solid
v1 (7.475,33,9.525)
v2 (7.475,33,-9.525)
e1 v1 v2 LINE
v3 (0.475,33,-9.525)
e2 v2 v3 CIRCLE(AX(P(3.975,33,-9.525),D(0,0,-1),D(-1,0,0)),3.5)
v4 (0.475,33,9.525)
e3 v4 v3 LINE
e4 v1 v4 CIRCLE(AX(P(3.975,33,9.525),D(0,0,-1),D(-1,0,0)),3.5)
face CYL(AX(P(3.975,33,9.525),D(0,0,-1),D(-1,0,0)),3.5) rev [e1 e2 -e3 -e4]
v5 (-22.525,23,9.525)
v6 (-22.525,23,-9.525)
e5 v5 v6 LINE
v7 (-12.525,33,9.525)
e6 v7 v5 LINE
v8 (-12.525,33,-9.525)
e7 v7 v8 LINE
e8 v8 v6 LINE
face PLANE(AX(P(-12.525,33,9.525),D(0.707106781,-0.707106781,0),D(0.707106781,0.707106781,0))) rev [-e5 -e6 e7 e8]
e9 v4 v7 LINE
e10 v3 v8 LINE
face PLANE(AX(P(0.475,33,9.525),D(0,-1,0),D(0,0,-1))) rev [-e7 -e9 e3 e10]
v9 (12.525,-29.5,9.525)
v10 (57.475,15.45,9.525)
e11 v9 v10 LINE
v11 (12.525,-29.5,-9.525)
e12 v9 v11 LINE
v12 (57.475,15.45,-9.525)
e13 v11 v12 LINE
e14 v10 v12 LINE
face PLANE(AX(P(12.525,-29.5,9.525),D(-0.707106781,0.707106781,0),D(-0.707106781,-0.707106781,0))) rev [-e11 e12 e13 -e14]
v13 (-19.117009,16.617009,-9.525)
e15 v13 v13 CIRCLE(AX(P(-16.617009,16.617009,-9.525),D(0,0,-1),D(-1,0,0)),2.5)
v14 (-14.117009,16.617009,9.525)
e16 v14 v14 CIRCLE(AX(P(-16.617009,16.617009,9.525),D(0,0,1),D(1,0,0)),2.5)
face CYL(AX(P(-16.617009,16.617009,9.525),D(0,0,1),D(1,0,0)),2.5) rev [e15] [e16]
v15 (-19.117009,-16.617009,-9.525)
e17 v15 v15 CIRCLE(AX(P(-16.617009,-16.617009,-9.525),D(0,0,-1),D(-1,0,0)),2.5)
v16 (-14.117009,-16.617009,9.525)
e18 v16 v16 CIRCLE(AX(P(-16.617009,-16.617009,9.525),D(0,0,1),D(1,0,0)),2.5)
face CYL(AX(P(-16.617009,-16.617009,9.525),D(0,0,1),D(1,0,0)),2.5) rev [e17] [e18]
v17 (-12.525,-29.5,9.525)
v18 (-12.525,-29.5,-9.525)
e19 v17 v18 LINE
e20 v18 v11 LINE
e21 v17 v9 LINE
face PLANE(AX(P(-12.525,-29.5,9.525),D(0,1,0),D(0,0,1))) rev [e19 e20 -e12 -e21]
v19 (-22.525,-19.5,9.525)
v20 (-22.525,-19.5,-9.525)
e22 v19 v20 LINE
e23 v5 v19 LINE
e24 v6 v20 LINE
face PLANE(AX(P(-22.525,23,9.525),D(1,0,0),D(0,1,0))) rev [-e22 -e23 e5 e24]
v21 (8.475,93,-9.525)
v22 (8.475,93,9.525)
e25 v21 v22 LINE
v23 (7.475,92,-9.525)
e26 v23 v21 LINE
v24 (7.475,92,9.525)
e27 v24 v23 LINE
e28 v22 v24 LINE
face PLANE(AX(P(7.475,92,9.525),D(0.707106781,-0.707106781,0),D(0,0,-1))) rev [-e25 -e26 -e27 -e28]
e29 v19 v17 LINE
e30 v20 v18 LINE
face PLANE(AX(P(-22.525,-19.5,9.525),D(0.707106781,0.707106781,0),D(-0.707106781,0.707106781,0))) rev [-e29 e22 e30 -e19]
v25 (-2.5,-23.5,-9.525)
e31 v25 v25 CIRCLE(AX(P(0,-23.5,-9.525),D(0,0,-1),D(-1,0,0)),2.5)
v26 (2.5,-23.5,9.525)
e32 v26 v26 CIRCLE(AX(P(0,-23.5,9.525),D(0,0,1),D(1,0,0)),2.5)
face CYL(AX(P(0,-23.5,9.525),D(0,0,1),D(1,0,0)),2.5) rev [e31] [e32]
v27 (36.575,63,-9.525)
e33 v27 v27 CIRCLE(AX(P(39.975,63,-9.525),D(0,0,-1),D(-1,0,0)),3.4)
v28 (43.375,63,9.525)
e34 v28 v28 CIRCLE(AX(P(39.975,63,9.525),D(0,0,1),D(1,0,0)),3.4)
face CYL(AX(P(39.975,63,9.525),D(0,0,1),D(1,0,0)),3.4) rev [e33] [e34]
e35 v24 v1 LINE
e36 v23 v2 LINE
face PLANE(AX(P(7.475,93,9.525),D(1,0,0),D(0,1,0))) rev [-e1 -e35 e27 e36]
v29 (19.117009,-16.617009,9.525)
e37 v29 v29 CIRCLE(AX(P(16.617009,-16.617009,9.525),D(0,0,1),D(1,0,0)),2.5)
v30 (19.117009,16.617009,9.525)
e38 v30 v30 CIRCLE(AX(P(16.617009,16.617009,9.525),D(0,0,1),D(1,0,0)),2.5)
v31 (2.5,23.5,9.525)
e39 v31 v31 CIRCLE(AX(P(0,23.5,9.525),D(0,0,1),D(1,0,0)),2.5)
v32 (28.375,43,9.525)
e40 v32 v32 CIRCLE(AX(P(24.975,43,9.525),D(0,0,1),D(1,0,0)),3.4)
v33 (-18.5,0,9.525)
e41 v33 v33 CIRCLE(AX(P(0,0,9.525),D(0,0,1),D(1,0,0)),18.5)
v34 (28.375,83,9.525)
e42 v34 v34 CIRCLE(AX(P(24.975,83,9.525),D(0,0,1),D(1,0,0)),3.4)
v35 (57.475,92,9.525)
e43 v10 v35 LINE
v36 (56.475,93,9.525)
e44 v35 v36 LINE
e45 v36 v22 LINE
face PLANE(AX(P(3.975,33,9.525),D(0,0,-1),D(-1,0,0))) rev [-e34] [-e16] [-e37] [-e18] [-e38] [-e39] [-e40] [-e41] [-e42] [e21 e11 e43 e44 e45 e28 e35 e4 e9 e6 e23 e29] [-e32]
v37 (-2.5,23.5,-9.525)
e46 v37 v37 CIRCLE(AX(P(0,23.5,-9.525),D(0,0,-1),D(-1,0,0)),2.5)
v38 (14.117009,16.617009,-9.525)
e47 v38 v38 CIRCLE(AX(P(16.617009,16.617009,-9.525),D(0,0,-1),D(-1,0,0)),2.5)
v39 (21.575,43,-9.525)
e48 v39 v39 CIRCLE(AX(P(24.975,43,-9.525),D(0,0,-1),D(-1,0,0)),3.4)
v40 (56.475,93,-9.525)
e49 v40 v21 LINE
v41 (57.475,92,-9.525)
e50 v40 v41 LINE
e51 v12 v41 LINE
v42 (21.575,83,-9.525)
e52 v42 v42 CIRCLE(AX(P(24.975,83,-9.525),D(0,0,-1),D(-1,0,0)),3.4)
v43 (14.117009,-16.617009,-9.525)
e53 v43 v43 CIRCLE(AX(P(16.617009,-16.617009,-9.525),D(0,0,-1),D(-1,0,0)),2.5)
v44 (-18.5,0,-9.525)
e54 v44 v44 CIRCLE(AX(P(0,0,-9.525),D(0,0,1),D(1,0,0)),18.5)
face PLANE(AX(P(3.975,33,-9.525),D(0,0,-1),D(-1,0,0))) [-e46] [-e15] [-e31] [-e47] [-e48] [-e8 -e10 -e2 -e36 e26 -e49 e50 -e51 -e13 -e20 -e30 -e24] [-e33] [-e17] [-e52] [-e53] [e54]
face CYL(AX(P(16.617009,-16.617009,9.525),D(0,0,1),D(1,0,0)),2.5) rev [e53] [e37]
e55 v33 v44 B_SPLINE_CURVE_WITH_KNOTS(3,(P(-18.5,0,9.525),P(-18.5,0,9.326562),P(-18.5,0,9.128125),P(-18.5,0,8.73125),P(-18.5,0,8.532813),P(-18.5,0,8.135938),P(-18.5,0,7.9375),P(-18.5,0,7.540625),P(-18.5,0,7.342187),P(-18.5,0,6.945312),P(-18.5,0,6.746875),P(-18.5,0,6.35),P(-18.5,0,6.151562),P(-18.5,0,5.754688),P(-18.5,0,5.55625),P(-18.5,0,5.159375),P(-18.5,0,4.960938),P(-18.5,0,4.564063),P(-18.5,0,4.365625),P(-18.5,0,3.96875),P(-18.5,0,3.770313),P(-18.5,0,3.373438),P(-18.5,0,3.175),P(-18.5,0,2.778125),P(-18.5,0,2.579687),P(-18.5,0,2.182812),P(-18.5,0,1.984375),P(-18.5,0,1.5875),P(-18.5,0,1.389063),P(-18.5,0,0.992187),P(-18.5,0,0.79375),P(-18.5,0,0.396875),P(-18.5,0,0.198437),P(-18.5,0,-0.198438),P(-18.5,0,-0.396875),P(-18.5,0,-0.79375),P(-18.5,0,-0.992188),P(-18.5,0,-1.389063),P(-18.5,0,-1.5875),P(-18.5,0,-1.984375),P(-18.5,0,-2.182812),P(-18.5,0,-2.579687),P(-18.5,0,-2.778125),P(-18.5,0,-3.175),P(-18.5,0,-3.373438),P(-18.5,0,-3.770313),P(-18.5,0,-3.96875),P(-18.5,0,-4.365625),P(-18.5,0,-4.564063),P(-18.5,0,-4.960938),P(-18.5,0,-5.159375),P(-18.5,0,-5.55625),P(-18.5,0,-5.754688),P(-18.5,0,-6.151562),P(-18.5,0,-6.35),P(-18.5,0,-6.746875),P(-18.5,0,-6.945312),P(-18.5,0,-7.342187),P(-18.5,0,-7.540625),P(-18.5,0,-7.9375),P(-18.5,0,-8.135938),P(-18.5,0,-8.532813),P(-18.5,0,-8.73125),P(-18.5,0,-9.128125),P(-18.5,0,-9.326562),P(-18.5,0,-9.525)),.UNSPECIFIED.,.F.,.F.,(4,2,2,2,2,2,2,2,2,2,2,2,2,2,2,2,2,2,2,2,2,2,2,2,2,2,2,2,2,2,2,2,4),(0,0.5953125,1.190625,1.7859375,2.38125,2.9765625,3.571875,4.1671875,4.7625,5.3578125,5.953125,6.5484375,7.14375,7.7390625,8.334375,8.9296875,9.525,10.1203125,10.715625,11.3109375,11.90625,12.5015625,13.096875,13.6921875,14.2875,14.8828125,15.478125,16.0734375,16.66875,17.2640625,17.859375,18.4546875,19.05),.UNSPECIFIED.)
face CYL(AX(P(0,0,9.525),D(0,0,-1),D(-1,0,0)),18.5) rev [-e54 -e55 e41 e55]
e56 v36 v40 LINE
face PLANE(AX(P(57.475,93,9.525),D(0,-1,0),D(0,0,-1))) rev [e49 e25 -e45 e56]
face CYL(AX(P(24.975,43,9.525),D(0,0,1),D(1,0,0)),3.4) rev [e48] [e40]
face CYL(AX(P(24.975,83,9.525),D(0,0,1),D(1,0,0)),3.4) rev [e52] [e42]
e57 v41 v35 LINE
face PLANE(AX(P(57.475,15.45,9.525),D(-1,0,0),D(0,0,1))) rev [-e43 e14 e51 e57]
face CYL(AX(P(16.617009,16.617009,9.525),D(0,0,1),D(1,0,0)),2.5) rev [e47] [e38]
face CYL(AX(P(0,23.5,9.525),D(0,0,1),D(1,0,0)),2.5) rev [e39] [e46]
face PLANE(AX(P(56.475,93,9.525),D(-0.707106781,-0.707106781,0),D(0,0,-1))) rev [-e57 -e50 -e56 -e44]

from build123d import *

# Parameters (mm, degrees)
SKETCH1_R              = 18.5
BOSS_EXTRUDE1_DEPTH    = 9.525
M8X1_25_TAPPED_HOLE1_D = 6.8
TAPPED_HOLE0_D         = 5
CHAMFER1_SIZE          = 1


with BuildPart() as part:
    # Sketch1 → Boss-Extrude1 (new, symmetric)
    with BuildSketch(Plane.XY):
        with BuildLine():
            Line((0.475, 33), (-12.525, 33))
            Line((-12.525, 33), (-22.525, 23))
            Line((-22.525, 23), (-22.525, -19.5))
            Line((-22.525, -19.5), (-12.525, -29.5))
            Line((-12.525, -29.5), (12.525, -29.5))
            Line((12.525, -29.5), (57.475, 15.45))
            Line((57.475, 15.45), (57.475, 93))
            Line((57.475, 93), (7.475, 93))
            Line((7.475, 93), (7.475, 33))
            ThreePointArc((7.475, 33), (3.975, 29.5), (0.475, 33))
        make_face()
        with Locations(Location((0, 0, 0), (0, 0, 180))):
            Circle(SKETCH1_R, mode=Mode.SUBTRACT)
    extrude(amount=BOSS_EXTRUDE1_DEPTH, both=True)

    # M8x1.25 Tapped Hole1 (through all)
    with Locations(Plane.XY.offset(9.525)):
        with Locations((24.975, 43), (39.975, 63), (24.975, 83)):
            Hole(M8X1_25_TAPPED_HOLE1_D / 2)

    # Tapped Hole0 (through all)
    with Locations(Plane.XY.offset(9.525)):
        with Locations((0, 23.5), (-16.617009358, 16.617009358), (16.617009358, 16.617009358), (16.617009358, -16.617009358), (0, -23.5), (-16.617009358, -16.617009358)):
            Hole(TAPPED_HOLE0_D / 2)

    # Chamfer1
    chamfer1_edges = [part.edges().sort_by_distance(p)[0] for p in [
        (7.475, 93, 0),
        (57.475, 93, 0),
    ]]
    chamfer(chamfer1_edges, length=CHAMFER1_SIZE)


solid = part.part
